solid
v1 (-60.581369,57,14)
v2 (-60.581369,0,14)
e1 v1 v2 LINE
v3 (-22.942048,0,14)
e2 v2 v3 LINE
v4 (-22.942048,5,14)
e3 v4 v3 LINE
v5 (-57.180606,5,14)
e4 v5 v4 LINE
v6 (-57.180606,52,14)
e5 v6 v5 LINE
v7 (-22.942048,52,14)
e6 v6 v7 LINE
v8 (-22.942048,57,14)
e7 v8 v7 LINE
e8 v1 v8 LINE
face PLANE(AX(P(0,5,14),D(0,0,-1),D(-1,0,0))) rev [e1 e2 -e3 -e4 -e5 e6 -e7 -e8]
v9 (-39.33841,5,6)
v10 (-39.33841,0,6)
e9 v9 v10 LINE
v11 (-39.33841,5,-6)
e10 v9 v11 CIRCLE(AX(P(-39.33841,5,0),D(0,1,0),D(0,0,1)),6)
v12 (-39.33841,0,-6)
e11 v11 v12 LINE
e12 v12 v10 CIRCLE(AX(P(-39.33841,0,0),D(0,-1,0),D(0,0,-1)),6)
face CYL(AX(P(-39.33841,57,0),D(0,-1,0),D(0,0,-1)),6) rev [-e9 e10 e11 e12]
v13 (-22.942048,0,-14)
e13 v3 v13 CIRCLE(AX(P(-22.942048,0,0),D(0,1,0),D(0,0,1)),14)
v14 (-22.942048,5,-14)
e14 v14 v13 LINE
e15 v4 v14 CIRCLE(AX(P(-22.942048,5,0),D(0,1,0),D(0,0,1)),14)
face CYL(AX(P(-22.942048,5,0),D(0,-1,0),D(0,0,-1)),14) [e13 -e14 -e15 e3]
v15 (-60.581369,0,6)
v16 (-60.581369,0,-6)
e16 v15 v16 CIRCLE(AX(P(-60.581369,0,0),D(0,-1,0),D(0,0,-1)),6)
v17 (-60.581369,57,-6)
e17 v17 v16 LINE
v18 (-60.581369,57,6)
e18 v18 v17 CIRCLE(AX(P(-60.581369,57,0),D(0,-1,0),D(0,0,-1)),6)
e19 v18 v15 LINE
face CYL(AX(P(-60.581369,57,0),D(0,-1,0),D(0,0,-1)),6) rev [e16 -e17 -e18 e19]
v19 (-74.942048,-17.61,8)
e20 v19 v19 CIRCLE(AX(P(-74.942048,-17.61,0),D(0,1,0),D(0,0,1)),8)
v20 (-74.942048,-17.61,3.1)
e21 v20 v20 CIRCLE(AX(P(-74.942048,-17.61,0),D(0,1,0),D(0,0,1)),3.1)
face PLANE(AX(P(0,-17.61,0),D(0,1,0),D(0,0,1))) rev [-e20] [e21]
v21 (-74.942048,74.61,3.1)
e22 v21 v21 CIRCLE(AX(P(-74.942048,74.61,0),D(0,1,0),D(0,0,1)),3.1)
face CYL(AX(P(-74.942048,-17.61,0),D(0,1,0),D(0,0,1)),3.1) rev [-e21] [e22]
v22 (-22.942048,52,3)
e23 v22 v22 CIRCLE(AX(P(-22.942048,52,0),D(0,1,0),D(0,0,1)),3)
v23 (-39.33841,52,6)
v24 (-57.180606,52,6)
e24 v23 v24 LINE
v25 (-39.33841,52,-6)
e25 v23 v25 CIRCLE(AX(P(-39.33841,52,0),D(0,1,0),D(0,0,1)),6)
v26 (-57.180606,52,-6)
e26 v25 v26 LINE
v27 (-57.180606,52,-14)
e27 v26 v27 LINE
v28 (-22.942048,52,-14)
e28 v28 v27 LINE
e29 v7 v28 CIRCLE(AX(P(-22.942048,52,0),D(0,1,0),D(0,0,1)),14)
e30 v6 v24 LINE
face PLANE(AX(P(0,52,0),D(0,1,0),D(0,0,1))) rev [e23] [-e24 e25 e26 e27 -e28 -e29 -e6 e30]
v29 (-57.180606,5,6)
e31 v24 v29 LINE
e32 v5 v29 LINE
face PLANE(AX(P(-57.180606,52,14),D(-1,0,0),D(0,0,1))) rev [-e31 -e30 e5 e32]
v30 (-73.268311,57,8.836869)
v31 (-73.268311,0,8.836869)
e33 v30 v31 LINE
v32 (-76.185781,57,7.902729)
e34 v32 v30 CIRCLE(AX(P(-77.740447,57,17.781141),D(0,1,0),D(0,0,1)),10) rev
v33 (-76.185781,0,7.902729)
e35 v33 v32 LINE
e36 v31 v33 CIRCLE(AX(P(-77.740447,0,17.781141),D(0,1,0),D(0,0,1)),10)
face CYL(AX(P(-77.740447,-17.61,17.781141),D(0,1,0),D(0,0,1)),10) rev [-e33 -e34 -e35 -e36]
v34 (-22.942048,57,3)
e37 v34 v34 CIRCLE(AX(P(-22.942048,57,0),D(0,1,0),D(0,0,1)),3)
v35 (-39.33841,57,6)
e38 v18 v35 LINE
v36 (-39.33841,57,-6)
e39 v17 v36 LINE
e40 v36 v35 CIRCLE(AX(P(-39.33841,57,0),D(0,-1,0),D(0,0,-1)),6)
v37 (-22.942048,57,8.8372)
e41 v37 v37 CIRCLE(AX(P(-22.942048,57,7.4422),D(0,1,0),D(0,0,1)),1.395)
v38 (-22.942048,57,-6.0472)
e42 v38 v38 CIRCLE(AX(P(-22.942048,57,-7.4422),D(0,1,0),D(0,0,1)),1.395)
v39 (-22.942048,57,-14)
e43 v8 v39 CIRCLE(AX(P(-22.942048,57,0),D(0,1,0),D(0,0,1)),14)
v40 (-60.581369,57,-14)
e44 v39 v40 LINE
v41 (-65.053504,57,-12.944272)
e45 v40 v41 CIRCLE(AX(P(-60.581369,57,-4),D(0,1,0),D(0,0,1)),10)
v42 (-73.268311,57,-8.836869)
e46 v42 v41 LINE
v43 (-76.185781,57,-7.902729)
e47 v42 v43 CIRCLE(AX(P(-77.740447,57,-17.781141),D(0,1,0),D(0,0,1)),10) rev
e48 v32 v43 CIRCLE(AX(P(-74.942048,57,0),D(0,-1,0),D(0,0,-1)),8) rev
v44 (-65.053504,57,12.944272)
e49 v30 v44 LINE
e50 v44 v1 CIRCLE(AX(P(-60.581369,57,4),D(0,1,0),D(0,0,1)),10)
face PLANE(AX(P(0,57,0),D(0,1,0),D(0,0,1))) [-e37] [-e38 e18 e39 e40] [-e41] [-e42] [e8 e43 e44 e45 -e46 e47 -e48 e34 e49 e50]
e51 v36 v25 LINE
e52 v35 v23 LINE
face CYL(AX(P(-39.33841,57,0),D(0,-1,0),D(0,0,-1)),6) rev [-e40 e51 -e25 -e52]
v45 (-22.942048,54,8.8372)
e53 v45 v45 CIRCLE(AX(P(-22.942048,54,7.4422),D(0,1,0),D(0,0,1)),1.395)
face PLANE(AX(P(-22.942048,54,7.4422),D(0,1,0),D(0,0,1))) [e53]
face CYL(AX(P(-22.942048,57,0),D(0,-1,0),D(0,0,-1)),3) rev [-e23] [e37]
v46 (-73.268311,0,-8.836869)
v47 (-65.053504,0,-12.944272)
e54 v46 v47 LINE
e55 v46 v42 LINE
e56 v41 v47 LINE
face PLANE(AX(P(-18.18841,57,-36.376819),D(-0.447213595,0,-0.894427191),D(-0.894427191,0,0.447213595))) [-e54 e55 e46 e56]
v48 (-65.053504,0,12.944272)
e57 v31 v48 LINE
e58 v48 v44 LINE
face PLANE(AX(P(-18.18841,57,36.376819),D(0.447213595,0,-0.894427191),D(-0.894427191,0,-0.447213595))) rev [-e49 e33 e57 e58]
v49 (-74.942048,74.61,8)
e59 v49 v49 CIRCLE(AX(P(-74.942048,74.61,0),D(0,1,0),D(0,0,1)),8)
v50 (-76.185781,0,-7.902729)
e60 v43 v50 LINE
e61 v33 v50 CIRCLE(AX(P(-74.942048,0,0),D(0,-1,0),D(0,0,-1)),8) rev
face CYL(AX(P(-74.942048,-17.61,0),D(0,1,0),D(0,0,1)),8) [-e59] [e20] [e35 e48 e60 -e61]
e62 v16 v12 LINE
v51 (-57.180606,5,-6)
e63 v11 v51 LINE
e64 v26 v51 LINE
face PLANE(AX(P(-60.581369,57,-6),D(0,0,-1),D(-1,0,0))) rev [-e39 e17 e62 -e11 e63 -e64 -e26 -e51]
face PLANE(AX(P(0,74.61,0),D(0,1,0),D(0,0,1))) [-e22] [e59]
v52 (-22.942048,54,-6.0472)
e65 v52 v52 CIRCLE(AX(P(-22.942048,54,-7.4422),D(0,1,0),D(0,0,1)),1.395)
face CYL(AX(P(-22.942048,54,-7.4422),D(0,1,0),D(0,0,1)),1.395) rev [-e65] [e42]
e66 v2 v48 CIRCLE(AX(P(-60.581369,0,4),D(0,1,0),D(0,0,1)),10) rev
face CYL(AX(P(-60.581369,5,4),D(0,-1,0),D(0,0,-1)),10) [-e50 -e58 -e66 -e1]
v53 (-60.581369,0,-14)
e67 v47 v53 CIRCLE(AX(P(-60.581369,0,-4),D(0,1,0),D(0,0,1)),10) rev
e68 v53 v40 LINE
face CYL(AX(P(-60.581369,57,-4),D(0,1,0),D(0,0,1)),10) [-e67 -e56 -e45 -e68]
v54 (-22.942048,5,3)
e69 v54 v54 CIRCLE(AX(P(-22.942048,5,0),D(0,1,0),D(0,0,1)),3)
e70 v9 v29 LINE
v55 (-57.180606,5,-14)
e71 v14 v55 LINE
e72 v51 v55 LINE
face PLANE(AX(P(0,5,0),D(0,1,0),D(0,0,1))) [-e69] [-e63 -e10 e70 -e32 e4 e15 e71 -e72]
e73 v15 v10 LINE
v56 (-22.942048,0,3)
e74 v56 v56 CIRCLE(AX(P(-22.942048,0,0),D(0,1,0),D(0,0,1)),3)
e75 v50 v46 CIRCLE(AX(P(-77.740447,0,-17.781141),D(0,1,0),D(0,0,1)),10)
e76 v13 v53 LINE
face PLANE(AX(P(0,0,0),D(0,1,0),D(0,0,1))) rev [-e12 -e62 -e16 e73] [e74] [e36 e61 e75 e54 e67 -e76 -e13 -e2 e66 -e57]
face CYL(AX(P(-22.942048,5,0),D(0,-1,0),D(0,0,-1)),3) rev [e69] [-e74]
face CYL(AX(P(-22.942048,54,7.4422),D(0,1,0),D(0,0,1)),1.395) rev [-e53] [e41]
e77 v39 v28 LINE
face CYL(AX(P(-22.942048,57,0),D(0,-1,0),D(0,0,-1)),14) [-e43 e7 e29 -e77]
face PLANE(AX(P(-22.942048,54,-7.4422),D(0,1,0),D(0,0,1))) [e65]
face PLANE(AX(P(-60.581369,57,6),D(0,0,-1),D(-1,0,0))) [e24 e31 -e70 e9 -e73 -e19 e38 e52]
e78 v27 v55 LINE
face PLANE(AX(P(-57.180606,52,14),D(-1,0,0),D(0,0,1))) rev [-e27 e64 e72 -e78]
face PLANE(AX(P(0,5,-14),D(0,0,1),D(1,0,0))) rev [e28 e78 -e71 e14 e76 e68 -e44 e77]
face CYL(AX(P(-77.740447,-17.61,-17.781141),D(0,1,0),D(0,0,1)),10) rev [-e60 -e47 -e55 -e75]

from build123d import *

# Parameters (mm, degrees)
SKETCH1_R                = 3
BOSS_EXTRUDE4_DEPTH      = 5
SKETCH4_W                = 5.761442696
SKETCH4_H                = 28
BOSS_EXTRUDE5_DEPTH      = 47
SKETCH6_W                = 5.761442696
SKETCH6_H                = 28
SKETCH6_R                = 14
SKETCH6_R_2              = 3
BOSS_EXTRUDE6_DEPTH      = 5
SKETCH8_R                = 8
SKETCH8_R_2              = 3.1
BOSS_EXTRUDE7_DEPTH      = 17.61
BOSS_EXTRUDE7_DEPTH_BACK = 74.61
BOSS_EXTRUDE8_DEPTH      = 57
FILLET1_R                = 10
FILLET2_R                = 10
CUT_EXTRUDE1_DEPTH       = 57
SKETCH14_R               = 1.395
CUT_EXTRUDE2_DEPTH       = 3


with BuildPart() as part:
    # Sketch1 → Boss-Extrude4 (new body)
    with BuildSketch(Plane(origin=(0, 0, 0), x_dir=(1, 0, 0), z_dir=(0, 1, 0))):
        with BuildLine():
            Line((-62.942048288, -14), (-22.942048288, -14))
            ThreePointArc((-22.942048288, -14), (-8.942048288, 0), (-22.942048288, 14))
            Line((-22.942048288, 14), (-62.942048288, 14))
            Line((-62.942048288, 14), (-62.942048288, -14))
        make_face()
        with Locations((-22.942048288, 0)):
            Circle(SKETCH1_R, mode=Mode.SUBTRACT)
    extrude(amount=BOSS_EXTRUDE4_DEPTH)

    # Sketch4 → Boss-Extrude5 (add)
    with BuildSketch(Plane(origin=(0, 5, 0), x_dir=(1, 0, 0), z_dir=(0, 1, 0))):
        with Locations((-60.06132694, 0)):
            Rectangle(SKETCH4_W, SKETCH4_H)
    extrude(amount=BOSS_EXTRUDE5_DEPTH)

    # Sketch6 → Boss-Extrude6 (add)
    with BuildSketch(Plane(origin=(0, 52, 0), x_dir=(1, 0, 0), z_dir=(0, 1, 0))):
        with BuildLine():
            ThreePointArc((-22.942048288, -14), (-36.942048288, 0), (-22.942048288, 14))
            Line((-22.942048288, 14), (-57.180605592, 14))
            Line((-57.180605592, 14), (-57.180605592, -14))
            Line((-57.180605592, -14), (-22.942048288, -14))
        make_face()
        with Locations((-60.06132694, 0)):
            Rectangle(SKETCH6_W, SKETCH6_H)
        with Locations((-22.942048288, 0)):
            Circle(SKETCH6_R)
        with Locations((-22.942048288, 0)):
            Circle(SKETCH6_R_2, mode=Mode.SUBTRACT)
    extrude(amount=BOSS_EXTRUDE6_DEPTH)



with BuildPart() as body_2:
    # Sketch8 → Boss-Extrude7 (new body, two sides)
    with BuildSketch(Plane(origin=(0, 57, 0), x_dir=(1, 0, 0), z_dir=(0, 1, 0))) as boss_extrude7_sk:
        with Locations((-74.942048288, 0)):
            Circle(SKETCH8_R)
        with Locations((-74.942048288, 0)):
            Circle(SKETCH8_R_2, mode=Mode.SUBTRACT)
    extrude(amount=BOSS_EXTRUDE7_DEPTH)
    extrude(boss_extrude7_sk.sketch, amount=-BOSS_EXTRUDE7_DEPTH_BACK)


with BuildPart() as part_1:
    add(part.part)

    add(body_2.part)  # Boss-Extrude8 merges body 2
    # Sketch11 → Boss-Extrude8 (add)
    with BuildSketch(Plane.XZ):
        with BuildLine():
            Line((-62.942048288, 14), (-74.942048288, 8))
            ThreePointArc((-74.942048288, 8), (-69.285194038, 5.656854249), (-66.942048288, 0))
            ThreePointArc((-66.942048288, 0), (-69.285194038, -5.656854249), (-74.942048288, -8))
            Line((-74.942048288, -8), (-62.942048288, -14))
            Line((-62.942048288, -14), (-62.942048288, 14))
        make_face()
    extrude(amount=-BOSS_EXTRUDE8_DEPTH)

    # Fillet1
    fillet1_edges = [part_1.edges().sort_by_distance(p)[0] for p in [
        (-62.942048288, 28.5, 14),
        (-62.942048288, 28.5, -14),
    ]]
    fillet(fillet1_edges, radius=FILLET1_R)

    # Fillet2
    fillet2_edges = [part_1.edges().sort_by_distance(p)[0] for p in [
        (-74.942048288, 28.5, 8),
        (-74.942048288, 28.5, -8),
    ]]
    fillet(fillet2_edges, radius=FILLET2_R)

    # Sketch13 → Cut-Extrude1 (cut)
    with BuildSketch(Plane.XZ):
        with BuildLine():
            Line((-60.581368513, 6), (-39.338409666, 6))
            ThreePointArc((-39.338409666, 6), (-33.338409666, 0), (-39.338409666, -6))
            Line((-39.338409666, -6), (-60.581368513, -6))
            ThreePointArc((-60.581368513, -6), (-66.581368513, 0), (-60.581368513, 6))
        make_face()
    extrude(amount=-CUT_EXTRUDE1_DEPTH, mode=Mode.SUBTRACT)

    # Sketch14 → Cut-Extrude2 (cut)
    with BuildSketch(Plane(origin=(0, 57, 0), x_dir=(1, 0, 0), z_dir=(0, 1, 0))):
        with Locations((-22.942048288, 7.4422)):
            Circle(SKETCH14_R)
        with Locations((-22.942048288, -7.4422)):
            Circle(SKETCH14_R)
    extrude(amount=-CUT_EXTRUDE2_DEPTH, mode=Mode.SUBTRACT)


solid = part_1.part
